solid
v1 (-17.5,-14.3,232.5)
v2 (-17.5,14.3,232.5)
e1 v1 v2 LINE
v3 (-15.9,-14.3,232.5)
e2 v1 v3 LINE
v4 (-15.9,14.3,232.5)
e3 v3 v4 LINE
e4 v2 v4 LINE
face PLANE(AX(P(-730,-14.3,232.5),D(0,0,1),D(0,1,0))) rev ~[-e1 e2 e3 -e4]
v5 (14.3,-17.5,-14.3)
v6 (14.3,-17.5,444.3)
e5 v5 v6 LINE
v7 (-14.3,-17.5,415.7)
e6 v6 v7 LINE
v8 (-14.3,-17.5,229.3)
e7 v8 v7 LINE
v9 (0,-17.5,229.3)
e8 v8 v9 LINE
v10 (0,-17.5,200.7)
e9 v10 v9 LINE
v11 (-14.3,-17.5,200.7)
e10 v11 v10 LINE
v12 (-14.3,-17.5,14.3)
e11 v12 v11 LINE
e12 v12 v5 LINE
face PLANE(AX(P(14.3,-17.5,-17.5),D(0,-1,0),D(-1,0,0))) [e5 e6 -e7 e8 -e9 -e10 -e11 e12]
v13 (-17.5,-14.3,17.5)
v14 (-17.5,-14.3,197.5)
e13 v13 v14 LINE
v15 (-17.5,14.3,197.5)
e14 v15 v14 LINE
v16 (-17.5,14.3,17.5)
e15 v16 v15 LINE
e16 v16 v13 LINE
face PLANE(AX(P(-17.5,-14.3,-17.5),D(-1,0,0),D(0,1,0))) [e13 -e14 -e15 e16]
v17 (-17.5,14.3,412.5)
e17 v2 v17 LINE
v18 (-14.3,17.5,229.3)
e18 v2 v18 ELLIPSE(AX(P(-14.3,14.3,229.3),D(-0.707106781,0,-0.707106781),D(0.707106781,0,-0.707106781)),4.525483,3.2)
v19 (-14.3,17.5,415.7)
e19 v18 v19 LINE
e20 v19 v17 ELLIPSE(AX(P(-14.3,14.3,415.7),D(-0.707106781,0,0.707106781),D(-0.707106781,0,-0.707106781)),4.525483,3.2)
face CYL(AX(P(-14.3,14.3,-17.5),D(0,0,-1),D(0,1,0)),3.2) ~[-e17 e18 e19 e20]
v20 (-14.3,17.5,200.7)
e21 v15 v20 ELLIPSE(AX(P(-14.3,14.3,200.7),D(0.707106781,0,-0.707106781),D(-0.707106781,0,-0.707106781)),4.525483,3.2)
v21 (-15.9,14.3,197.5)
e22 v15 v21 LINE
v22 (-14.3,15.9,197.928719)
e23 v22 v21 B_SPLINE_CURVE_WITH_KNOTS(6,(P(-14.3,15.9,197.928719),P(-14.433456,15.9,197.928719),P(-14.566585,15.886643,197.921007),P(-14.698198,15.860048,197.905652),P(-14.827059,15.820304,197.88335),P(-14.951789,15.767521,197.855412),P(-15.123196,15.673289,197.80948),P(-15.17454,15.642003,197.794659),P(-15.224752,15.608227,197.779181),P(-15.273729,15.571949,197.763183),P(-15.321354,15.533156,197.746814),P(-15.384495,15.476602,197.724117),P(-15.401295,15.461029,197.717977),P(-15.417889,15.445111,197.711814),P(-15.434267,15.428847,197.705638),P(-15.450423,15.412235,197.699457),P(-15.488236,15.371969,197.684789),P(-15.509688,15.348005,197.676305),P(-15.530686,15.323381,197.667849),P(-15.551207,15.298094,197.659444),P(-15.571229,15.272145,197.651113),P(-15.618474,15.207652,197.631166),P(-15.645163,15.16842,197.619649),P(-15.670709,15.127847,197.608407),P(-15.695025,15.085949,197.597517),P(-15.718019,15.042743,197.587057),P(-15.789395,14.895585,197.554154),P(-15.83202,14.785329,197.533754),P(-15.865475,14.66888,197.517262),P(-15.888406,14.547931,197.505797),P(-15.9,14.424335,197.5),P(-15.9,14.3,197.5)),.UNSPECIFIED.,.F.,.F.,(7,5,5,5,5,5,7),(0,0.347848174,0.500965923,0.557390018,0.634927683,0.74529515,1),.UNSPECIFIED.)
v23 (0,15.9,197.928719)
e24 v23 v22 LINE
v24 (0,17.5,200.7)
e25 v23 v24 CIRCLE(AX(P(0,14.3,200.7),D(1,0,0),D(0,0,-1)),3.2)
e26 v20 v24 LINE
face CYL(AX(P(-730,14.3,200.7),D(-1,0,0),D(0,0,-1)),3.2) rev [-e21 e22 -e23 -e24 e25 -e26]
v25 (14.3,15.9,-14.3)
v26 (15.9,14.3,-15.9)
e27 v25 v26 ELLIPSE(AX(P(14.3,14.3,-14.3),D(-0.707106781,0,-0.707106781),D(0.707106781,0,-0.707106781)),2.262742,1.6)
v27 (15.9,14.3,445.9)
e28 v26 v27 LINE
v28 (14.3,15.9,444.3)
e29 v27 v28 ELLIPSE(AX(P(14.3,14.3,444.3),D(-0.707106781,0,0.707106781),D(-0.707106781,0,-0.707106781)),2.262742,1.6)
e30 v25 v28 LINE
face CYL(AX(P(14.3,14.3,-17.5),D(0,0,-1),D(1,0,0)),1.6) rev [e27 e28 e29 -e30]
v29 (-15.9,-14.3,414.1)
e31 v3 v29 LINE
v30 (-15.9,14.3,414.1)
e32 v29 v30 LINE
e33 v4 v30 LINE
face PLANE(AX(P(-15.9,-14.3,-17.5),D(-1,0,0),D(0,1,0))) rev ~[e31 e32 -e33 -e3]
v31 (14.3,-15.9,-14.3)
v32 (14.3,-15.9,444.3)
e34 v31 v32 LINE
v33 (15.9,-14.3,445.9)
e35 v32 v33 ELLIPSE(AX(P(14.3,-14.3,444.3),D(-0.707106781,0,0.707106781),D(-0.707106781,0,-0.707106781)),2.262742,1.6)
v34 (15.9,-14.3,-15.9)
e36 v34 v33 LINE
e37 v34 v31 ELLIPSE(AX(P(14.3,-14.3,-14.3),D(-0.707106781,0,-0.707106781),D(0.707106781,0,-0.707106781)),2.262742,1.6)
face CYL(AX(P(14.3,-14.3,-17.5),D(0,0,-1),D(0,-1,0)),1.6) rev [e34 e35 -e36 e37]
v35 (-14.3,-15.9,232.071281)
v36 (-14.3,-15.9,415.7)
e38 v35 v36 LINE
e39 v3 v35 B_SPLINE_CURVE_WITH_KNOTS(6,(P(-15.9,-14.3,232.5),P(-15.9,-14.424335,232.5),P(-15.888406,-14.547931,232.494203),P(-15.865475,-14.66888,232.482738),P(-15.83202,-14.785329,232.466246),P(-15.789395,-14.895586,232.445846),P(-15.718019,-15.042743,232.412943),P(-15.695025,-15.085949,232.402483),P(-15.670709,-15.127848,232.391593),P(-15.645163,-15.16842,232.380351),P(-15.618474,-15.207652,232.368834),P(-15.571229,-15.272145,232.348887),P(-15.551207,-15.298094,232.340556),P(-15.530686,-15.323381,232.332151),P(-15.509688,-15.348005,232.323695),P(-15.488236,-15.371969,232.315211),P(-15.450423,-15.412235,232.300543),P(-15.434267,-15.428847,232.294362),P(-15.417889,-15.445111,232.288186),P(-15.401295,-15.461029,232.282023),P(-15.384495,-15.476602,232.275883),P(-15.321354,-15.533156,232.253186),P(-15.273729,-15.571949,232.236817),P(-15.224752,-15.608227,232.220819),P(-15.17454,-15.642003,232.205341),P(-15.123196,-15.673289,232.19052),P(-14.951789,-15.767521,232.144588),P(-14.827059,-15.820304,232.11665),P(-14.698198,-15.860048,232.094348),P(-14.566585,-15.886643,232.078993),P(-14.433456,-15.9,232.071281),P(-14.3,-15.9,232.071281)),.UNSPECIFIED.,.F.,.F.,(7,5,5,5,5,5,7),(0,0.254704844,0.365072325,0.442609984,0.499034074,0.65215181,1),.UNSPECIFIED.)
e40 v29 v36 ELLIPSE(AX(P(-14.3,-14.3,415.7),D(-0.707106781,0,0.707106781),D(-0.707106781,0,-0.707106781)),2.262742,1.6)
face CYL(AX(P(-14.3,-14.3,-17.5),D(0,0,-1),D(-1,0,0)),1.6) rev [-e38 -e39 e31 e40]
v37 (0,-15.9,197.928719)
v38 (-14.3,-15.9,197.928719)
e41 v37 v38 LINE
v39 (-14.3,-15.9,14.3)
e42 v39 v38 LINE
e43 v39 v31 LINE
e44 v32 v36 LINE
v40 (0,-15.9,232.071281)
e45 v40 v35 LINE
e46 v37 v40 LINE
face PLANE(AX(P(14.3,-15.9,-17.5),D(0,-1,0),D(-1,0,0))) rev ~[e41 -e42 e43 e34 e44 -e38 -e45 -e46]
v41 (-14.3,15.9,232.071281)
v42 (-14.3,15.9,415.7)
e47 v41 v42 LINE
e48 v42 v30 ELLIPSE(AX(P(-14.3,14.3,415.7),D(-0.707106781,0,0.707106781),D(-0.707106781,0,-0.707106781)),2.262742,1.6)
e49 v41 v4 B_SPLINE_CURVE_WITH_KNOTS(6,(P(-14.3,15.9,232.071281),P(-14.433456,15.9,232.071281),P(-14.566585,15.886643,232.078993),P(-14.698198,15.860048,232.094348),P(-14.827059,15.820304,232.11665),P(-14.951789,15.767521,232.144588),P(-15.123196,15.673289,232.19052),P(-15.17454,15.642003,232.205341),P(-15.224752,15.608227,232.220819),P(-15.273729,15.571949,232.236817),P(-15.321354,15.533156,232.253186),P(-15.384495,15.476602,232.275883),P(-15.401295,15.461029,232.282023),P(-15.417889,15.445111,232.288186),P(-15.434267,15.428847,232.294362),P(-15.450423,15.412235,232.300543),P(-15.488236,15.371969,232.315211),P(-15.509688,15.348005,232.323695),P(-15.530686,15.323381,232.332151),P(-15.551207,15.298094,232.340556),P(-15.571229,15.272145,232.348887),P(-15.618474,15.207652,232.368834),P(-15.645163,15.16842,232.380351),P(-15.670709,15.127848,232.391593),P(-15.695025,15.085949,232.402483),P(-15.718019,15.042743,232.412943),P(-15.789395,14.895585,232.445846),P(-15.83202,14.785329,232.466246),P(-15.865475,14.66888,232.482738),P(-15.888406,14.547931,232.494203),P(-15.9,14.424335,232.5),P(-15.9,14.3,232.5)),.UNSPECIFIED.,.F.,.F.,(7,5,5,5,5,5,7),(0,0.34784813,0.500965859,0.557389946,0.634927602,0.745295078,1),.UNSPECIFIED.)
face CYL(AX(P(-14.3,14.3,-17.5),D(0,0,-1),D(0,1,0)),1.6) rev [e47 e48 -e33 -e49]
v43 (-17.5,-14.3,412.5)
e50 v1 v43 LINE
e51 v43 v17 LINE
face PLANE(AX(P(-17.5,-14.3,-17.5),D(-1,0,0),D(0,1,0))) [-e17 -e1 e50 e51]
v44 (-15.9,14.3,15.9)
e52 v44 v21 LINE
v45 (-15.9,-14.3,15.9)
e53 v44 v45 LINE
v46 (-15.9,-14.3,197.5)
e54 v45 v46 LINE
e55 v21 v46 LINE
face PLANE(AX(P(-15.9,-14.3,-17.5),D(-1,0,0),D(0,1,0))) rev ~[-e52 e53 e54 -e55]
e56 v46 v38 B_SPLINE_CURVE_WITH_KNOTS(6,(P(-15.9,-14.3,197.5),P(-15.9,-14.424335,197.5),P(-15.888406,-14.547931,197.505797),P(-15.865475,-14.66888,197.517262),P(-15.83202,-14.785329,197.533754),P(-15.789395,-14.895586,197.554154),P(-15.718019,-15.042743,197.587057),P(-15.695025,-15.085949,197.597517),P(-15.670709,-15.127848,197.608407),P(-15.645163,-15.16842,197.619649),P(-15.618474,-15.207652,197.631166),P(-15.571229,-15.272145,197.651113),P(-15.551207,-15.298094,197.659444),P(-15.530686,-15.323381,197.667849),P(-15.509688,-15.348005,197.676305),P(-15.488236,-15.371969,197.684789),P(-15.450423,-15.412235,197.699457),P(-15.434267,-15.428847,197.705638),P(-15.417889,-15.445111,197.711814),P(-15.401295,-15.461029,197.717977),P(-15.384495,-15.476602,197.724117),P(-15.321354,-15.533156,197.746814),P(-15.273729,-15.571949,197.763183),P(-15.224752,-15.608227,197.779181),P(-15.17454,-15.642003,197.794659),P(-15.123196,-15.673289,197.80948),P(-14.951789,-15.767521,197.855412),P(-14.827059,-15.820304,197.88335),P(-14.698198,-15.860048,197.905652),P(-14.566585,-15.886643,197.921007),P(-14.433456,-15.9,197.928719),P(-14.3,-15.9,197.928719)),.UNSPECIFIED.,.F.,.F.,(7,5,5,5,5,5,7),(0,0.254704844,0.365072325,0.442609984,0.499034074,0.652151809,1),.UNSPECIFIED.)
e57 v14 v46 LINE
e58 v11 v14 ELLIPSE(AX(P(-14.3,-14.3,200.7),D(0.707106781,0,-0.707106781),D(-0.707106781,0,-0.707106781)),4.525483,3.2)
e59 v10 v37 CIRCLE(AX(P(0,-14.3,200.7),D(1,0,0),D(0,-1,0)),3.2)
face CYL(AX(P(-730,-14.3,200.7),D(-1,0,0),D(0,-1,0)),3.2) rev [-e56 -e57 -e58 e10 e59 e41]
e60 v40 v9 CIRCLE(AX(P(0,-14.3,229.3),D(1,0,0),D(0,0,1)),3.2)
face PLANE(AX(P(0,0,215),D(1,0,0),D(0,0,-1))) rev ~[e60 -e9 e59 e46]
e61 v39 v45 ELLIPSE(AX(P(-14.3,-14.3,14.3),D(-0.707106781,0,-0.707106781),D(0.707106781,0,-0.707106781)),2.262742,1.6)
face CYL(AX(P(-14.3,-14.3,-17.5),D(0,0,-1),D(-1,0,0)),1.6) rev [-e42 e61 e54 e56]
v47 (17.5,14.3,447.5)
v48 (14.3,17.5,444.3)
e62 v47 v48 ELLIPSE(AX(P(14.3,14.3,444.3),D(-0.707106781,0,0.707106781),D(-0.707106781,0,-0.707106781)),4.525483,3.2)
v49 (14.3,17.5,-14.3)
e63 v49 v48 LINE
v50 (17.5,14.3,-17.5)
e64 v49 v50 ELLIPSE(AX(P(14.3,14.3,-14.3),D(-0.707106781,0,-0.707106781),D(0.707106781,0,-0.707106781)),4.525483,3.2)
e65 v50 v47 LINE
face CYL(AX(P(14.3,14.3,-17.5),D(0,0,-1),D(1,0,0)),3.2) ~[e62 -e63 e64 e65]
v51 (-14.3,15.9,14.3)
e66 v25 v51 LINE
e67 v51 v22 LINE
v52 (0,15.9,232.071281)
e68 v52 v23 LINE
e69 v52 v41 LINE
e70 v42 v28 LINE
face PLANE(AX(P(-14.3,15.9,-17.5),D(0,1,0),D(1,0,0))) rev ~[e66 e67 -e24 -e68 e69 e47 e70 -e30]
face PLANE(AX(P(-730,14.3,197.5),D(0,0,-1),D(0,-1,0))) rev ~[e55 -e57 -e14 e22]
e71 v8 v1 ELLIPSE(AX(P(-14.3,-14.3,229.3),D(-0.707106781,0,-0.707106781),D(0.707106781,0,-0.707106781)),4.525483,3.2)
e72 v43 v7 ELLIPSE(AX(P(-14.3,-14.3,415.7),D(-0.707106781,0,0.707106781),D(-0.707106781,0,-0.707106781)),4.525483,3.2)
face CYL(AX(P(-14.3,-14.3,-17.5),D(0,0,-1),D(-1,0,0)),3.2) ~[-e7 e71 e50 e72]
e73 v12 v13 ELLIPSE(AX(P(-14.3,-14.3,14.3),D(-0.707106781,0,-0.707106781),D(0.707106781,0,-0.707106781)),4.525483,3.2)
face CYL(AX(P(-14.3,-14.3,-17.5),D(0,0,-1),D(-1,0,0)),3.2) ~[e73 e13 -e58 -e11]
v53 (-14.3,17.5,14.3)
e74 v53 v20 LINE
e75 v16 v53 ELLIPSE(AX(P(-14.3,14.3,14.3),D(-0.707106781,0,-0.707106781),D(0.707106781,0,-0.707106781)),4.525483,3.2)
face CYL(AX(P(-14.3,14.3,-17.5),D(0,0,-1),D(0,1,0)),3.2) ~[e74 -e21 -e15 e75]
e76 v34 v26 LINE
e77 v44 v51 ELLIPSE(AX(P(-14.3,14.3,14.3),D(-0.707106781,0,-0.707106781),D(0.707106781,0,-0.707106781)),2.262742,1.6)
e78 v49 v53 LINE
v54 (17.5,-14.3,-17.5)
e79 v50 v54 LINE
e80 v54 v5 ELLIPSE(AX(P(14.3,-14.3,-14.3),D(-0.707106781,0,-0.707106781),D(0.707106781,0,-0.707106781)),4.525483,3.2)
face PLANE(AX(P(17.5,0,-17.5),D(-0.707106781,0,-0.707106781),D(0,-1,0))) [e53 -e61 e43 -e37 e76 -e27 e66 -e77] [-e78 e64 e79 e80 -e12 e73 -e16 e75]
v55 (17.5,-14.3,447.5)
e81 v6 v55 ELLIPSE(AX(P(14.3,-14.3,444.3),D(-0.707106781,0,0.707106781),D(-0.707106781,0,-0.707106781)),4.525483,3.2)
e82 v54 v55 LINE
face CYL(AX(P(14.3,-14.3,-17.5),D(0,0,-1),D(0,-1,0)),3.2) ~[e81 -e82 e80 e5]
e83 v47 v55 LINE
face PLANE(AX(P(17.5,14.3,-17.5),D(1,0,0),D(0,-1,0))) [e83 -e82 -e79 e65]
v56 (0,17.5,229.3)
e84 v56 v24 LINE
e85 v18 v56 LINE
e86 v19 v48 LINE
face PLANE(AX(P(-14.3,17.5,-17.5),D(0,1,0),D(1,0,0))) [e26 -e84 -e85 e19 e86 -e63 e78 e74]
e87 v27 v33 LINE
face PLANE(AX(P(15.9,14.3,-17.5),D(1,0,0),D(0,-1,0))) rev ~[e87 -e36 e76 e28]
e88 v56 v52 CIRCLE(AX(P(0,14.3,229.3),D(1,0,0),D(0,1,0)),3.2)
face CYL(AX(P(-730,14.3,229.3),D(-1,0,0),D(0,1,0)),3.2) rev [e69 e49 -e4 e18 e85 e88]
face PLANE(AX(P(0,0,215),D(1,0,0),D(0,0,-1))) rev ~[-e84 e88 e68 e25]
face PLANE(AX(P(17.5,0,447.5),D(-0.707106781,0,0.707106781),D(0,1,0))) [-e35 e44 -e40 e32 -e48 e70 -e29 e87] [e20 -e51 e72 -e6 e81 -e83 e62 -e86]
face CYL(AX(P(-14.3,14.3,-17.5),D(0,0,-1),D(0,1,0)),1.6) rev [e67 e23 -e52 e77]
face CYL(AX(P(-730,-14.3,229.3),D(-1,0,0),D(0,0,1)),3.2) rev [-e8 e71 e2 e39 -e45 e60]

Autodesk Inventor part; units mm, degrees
ref_plane "Start plane" through (0, 0, -17.5) normal (0, 0, 1) x (1, 0, 0)
ref_plane "End plane" through (0, 0, 447.5) normal (0, 0, 1) x (1, 0, 0)
sketch "Sketch" plane through (0, 0, 0) normal (0, 0, 1) x (1, 0, 0)
  line L0 (-17.5, -14.3) -> (-17.5, 14.3)
  line L1 (-14.3, 17.5) -> (14.3, 17.5)
  line L2 (17.5, 14.3) -> (17.5, -14.3)
  line L3 (14.3, -17.5) -> (-14.3, -17.5)
  arc A0 (-17.5, -14.3) -> (-14.3, -17.5) centre (-14.3, -14.3) ccw
  arc A1 (-14.3, 17.5) -> (-17.5, 14.3) centre (-14.3, 14.3) ccw
  arc A2 (17.5, 14.3) -> (14.3, 17.5) centre (14.3, 14.3) ccw
  arc A3 (14.3, -17.5) -> (17.5, -14.3) centre (14.3, -14.3) ccw
  arc A4 (-14.3, 15.9) -> (-15.9, 14.3) centre (-14.3, 14.3) ccw
  line L4 (-14.3, 15.9) -> (14.3, 15.9)
  arc A5 (15.9, 14.3) -> (14.3, 15.9) centre (14.3, 14.3) ccw
  line L5 (15.9, 14.3) -> (15.9, -14.3)
  arc A6 (14.3, -15.9) -> (15.9, -14.3) centre (14.3, -14.3) ccw
  line L6 (14.3, -15.9) -> (-14.3, -15.9)
  arc A7 (-15.9, -14.3) -> (-14.3, -15.9) centre (-14.3, -14.3) ccw
  line L7 (-15.9, -14.3) -> (-15.9, 14.3)
  line L8 (0, 25.4278) -> (0, -25.4278) construction
  line L9 (-25.4278, 0) -> (25.4278, 0) construction
  dimension "d7" = 3.2
  dimension "d10" = 35
  dimension "d11" = 35
  dimension "d12" = 1.6
  dimension "d15" = 17.5
  dimension "d16" = 17.5
extrude "Body" add sketch "Sketch" along normal up to surface (465 mm away) from surface at -17.5
sketch "Sketch3" plane through (0, 0, 0) normal (0, 0, 1) x (1, 0, 0)
  line L0 (0, 0) -> (10, 0)
ref_plane "Work Plane3" through (0, 0, 0) normal (0, -1, 0) x (1, 0, 0)
sketch "Sketch4" plane through (0, 0, 0) normal (0, -1, 0) x (1, 0, 0)
  line L0 (-2, -17.5) -> (12, -17.5)
  line L1 (-2, 447.5) -> (12, 447.5)
  dimension "d18" = 465
ref_plane "Work Plane4" through (17.5, 0, 447.5) normal (-0.7071, 0, 0.7071) x (0.7071, 0, 0.7071)
split "Split1" plane through (17.5, 0, 447.5) removes the side toward (-0.7071, 0, 0.7071)
ref_plane "Work Plane5" through (17.5, 0, -17.5) normal (-0.7071, 0, -0.7071) x (-0.7071, 0, 0.7071)
split "Split2" plane through (17.5, 0, -17.5) removes the side toward (-0.7071, 0, -0.7071)
ref_plane "Work Plane6" through (-730, 0, 215) normal (1, 0, 0) x (0, 0, -1)
ref_plane "Work Plane7" through (0, 0, 215) normal (1, 0, 0) x (0, 0, -1)
ref_plane "Work Plane8" through (-365, 0, 215) normal (1, 0, 0) x (0, 0, -1)
sketch "Sketch5" plane through (-365, 0, 215) normal (1, 0, 0) x (0, 0, -1)
  arc A0 (-17.5, -14.3) -> (-14.3, -17.5) centre (-14.3, -14.3) ccw
  line L0 (-17.5, -14.3) -> (-17.5, 14.3)
  arc A1 (-14.3, 17.5) -> (-17.5, 14.3) centre (-14.3, 14.3) ccw
  line L1 (-14.3, 17.5) -> (14.3, 17.5)
  arc A2 (17.5, 14.3) -> (14.3, 17.5) centre (14.3, 14.3) ccw
  line L2 (17.5, 14.3) -> (17.5, -14.3)
  arc A3 (14.3, -17.5) -> (17.5, -14.3) centre (14.3, -14.3) ccw
  line L3 (14.3, -17.5) -> (-14.3, -17.5)
  arc A4 (-14.3, 15.9) -> (-15.9, 14.3) centre (-14.3, 14.3) ccw
  line L4 (-14.3, 15.9) -> (14.3, 15.9)
  arc A5 (15.9, 14.3) -> (14.3, 15.9) centre (14.3, 14.3) ccw
  line L5 (15.9, 14.3) -> (15.9, -14.3)
  arc A6 (14.3, -15.9) -> (15.9, -14.3) centre (14.3, -14.3) ccw
  line L6 (14.3, -15.9) -> (-14.3, -15.9)
  arc A7 (-15.9, -14.3) -> (-14.3, -15.9) centre (-14.3, -14.3) ccw
  line L7 (-15.9, -14.3) -> (-15.9, 14.3)
extrude "Extrusion2" cut sketch "Sketch5" along normal up to surface (730 mm away) from surface at -365 contours L0 A1 L1 A2 L2 A3 L3 A0 | L4 A5 L5 A6 L6 A7 L7 A4
equation "\"d7\" = G_IR"
equation "\"d10\" = G_H"
equation "\"d11\" = G_W"
equation "\"d12\" = G_T"
equation "\"d15\" = 0.5 * d10"
equation "\"d16\" = 0.5 * d11"
equation "\"d3\" = G_L"
equation "\"G_W\" = 35"
equation "\"G_H\" = 35"
equation "\"G_T\" = 1.6"
equation "\"G_IR\" = 3.2"
equation "\"G_L\" = d18"
equation "\"G_OFFSET_START\" = 17.5"
equation "\"G_OFFSET_END\" = 17.5"
equation "\"d13\" = -G_OFFSET_START"
equation "\"d14\" = G_OFFSET_END + B_L"
equation "\"B_L\" = 430"
properties part number "AS 1163 - C350L0 35x35x1.6 SHS - 465" material "Steel, Mild"
